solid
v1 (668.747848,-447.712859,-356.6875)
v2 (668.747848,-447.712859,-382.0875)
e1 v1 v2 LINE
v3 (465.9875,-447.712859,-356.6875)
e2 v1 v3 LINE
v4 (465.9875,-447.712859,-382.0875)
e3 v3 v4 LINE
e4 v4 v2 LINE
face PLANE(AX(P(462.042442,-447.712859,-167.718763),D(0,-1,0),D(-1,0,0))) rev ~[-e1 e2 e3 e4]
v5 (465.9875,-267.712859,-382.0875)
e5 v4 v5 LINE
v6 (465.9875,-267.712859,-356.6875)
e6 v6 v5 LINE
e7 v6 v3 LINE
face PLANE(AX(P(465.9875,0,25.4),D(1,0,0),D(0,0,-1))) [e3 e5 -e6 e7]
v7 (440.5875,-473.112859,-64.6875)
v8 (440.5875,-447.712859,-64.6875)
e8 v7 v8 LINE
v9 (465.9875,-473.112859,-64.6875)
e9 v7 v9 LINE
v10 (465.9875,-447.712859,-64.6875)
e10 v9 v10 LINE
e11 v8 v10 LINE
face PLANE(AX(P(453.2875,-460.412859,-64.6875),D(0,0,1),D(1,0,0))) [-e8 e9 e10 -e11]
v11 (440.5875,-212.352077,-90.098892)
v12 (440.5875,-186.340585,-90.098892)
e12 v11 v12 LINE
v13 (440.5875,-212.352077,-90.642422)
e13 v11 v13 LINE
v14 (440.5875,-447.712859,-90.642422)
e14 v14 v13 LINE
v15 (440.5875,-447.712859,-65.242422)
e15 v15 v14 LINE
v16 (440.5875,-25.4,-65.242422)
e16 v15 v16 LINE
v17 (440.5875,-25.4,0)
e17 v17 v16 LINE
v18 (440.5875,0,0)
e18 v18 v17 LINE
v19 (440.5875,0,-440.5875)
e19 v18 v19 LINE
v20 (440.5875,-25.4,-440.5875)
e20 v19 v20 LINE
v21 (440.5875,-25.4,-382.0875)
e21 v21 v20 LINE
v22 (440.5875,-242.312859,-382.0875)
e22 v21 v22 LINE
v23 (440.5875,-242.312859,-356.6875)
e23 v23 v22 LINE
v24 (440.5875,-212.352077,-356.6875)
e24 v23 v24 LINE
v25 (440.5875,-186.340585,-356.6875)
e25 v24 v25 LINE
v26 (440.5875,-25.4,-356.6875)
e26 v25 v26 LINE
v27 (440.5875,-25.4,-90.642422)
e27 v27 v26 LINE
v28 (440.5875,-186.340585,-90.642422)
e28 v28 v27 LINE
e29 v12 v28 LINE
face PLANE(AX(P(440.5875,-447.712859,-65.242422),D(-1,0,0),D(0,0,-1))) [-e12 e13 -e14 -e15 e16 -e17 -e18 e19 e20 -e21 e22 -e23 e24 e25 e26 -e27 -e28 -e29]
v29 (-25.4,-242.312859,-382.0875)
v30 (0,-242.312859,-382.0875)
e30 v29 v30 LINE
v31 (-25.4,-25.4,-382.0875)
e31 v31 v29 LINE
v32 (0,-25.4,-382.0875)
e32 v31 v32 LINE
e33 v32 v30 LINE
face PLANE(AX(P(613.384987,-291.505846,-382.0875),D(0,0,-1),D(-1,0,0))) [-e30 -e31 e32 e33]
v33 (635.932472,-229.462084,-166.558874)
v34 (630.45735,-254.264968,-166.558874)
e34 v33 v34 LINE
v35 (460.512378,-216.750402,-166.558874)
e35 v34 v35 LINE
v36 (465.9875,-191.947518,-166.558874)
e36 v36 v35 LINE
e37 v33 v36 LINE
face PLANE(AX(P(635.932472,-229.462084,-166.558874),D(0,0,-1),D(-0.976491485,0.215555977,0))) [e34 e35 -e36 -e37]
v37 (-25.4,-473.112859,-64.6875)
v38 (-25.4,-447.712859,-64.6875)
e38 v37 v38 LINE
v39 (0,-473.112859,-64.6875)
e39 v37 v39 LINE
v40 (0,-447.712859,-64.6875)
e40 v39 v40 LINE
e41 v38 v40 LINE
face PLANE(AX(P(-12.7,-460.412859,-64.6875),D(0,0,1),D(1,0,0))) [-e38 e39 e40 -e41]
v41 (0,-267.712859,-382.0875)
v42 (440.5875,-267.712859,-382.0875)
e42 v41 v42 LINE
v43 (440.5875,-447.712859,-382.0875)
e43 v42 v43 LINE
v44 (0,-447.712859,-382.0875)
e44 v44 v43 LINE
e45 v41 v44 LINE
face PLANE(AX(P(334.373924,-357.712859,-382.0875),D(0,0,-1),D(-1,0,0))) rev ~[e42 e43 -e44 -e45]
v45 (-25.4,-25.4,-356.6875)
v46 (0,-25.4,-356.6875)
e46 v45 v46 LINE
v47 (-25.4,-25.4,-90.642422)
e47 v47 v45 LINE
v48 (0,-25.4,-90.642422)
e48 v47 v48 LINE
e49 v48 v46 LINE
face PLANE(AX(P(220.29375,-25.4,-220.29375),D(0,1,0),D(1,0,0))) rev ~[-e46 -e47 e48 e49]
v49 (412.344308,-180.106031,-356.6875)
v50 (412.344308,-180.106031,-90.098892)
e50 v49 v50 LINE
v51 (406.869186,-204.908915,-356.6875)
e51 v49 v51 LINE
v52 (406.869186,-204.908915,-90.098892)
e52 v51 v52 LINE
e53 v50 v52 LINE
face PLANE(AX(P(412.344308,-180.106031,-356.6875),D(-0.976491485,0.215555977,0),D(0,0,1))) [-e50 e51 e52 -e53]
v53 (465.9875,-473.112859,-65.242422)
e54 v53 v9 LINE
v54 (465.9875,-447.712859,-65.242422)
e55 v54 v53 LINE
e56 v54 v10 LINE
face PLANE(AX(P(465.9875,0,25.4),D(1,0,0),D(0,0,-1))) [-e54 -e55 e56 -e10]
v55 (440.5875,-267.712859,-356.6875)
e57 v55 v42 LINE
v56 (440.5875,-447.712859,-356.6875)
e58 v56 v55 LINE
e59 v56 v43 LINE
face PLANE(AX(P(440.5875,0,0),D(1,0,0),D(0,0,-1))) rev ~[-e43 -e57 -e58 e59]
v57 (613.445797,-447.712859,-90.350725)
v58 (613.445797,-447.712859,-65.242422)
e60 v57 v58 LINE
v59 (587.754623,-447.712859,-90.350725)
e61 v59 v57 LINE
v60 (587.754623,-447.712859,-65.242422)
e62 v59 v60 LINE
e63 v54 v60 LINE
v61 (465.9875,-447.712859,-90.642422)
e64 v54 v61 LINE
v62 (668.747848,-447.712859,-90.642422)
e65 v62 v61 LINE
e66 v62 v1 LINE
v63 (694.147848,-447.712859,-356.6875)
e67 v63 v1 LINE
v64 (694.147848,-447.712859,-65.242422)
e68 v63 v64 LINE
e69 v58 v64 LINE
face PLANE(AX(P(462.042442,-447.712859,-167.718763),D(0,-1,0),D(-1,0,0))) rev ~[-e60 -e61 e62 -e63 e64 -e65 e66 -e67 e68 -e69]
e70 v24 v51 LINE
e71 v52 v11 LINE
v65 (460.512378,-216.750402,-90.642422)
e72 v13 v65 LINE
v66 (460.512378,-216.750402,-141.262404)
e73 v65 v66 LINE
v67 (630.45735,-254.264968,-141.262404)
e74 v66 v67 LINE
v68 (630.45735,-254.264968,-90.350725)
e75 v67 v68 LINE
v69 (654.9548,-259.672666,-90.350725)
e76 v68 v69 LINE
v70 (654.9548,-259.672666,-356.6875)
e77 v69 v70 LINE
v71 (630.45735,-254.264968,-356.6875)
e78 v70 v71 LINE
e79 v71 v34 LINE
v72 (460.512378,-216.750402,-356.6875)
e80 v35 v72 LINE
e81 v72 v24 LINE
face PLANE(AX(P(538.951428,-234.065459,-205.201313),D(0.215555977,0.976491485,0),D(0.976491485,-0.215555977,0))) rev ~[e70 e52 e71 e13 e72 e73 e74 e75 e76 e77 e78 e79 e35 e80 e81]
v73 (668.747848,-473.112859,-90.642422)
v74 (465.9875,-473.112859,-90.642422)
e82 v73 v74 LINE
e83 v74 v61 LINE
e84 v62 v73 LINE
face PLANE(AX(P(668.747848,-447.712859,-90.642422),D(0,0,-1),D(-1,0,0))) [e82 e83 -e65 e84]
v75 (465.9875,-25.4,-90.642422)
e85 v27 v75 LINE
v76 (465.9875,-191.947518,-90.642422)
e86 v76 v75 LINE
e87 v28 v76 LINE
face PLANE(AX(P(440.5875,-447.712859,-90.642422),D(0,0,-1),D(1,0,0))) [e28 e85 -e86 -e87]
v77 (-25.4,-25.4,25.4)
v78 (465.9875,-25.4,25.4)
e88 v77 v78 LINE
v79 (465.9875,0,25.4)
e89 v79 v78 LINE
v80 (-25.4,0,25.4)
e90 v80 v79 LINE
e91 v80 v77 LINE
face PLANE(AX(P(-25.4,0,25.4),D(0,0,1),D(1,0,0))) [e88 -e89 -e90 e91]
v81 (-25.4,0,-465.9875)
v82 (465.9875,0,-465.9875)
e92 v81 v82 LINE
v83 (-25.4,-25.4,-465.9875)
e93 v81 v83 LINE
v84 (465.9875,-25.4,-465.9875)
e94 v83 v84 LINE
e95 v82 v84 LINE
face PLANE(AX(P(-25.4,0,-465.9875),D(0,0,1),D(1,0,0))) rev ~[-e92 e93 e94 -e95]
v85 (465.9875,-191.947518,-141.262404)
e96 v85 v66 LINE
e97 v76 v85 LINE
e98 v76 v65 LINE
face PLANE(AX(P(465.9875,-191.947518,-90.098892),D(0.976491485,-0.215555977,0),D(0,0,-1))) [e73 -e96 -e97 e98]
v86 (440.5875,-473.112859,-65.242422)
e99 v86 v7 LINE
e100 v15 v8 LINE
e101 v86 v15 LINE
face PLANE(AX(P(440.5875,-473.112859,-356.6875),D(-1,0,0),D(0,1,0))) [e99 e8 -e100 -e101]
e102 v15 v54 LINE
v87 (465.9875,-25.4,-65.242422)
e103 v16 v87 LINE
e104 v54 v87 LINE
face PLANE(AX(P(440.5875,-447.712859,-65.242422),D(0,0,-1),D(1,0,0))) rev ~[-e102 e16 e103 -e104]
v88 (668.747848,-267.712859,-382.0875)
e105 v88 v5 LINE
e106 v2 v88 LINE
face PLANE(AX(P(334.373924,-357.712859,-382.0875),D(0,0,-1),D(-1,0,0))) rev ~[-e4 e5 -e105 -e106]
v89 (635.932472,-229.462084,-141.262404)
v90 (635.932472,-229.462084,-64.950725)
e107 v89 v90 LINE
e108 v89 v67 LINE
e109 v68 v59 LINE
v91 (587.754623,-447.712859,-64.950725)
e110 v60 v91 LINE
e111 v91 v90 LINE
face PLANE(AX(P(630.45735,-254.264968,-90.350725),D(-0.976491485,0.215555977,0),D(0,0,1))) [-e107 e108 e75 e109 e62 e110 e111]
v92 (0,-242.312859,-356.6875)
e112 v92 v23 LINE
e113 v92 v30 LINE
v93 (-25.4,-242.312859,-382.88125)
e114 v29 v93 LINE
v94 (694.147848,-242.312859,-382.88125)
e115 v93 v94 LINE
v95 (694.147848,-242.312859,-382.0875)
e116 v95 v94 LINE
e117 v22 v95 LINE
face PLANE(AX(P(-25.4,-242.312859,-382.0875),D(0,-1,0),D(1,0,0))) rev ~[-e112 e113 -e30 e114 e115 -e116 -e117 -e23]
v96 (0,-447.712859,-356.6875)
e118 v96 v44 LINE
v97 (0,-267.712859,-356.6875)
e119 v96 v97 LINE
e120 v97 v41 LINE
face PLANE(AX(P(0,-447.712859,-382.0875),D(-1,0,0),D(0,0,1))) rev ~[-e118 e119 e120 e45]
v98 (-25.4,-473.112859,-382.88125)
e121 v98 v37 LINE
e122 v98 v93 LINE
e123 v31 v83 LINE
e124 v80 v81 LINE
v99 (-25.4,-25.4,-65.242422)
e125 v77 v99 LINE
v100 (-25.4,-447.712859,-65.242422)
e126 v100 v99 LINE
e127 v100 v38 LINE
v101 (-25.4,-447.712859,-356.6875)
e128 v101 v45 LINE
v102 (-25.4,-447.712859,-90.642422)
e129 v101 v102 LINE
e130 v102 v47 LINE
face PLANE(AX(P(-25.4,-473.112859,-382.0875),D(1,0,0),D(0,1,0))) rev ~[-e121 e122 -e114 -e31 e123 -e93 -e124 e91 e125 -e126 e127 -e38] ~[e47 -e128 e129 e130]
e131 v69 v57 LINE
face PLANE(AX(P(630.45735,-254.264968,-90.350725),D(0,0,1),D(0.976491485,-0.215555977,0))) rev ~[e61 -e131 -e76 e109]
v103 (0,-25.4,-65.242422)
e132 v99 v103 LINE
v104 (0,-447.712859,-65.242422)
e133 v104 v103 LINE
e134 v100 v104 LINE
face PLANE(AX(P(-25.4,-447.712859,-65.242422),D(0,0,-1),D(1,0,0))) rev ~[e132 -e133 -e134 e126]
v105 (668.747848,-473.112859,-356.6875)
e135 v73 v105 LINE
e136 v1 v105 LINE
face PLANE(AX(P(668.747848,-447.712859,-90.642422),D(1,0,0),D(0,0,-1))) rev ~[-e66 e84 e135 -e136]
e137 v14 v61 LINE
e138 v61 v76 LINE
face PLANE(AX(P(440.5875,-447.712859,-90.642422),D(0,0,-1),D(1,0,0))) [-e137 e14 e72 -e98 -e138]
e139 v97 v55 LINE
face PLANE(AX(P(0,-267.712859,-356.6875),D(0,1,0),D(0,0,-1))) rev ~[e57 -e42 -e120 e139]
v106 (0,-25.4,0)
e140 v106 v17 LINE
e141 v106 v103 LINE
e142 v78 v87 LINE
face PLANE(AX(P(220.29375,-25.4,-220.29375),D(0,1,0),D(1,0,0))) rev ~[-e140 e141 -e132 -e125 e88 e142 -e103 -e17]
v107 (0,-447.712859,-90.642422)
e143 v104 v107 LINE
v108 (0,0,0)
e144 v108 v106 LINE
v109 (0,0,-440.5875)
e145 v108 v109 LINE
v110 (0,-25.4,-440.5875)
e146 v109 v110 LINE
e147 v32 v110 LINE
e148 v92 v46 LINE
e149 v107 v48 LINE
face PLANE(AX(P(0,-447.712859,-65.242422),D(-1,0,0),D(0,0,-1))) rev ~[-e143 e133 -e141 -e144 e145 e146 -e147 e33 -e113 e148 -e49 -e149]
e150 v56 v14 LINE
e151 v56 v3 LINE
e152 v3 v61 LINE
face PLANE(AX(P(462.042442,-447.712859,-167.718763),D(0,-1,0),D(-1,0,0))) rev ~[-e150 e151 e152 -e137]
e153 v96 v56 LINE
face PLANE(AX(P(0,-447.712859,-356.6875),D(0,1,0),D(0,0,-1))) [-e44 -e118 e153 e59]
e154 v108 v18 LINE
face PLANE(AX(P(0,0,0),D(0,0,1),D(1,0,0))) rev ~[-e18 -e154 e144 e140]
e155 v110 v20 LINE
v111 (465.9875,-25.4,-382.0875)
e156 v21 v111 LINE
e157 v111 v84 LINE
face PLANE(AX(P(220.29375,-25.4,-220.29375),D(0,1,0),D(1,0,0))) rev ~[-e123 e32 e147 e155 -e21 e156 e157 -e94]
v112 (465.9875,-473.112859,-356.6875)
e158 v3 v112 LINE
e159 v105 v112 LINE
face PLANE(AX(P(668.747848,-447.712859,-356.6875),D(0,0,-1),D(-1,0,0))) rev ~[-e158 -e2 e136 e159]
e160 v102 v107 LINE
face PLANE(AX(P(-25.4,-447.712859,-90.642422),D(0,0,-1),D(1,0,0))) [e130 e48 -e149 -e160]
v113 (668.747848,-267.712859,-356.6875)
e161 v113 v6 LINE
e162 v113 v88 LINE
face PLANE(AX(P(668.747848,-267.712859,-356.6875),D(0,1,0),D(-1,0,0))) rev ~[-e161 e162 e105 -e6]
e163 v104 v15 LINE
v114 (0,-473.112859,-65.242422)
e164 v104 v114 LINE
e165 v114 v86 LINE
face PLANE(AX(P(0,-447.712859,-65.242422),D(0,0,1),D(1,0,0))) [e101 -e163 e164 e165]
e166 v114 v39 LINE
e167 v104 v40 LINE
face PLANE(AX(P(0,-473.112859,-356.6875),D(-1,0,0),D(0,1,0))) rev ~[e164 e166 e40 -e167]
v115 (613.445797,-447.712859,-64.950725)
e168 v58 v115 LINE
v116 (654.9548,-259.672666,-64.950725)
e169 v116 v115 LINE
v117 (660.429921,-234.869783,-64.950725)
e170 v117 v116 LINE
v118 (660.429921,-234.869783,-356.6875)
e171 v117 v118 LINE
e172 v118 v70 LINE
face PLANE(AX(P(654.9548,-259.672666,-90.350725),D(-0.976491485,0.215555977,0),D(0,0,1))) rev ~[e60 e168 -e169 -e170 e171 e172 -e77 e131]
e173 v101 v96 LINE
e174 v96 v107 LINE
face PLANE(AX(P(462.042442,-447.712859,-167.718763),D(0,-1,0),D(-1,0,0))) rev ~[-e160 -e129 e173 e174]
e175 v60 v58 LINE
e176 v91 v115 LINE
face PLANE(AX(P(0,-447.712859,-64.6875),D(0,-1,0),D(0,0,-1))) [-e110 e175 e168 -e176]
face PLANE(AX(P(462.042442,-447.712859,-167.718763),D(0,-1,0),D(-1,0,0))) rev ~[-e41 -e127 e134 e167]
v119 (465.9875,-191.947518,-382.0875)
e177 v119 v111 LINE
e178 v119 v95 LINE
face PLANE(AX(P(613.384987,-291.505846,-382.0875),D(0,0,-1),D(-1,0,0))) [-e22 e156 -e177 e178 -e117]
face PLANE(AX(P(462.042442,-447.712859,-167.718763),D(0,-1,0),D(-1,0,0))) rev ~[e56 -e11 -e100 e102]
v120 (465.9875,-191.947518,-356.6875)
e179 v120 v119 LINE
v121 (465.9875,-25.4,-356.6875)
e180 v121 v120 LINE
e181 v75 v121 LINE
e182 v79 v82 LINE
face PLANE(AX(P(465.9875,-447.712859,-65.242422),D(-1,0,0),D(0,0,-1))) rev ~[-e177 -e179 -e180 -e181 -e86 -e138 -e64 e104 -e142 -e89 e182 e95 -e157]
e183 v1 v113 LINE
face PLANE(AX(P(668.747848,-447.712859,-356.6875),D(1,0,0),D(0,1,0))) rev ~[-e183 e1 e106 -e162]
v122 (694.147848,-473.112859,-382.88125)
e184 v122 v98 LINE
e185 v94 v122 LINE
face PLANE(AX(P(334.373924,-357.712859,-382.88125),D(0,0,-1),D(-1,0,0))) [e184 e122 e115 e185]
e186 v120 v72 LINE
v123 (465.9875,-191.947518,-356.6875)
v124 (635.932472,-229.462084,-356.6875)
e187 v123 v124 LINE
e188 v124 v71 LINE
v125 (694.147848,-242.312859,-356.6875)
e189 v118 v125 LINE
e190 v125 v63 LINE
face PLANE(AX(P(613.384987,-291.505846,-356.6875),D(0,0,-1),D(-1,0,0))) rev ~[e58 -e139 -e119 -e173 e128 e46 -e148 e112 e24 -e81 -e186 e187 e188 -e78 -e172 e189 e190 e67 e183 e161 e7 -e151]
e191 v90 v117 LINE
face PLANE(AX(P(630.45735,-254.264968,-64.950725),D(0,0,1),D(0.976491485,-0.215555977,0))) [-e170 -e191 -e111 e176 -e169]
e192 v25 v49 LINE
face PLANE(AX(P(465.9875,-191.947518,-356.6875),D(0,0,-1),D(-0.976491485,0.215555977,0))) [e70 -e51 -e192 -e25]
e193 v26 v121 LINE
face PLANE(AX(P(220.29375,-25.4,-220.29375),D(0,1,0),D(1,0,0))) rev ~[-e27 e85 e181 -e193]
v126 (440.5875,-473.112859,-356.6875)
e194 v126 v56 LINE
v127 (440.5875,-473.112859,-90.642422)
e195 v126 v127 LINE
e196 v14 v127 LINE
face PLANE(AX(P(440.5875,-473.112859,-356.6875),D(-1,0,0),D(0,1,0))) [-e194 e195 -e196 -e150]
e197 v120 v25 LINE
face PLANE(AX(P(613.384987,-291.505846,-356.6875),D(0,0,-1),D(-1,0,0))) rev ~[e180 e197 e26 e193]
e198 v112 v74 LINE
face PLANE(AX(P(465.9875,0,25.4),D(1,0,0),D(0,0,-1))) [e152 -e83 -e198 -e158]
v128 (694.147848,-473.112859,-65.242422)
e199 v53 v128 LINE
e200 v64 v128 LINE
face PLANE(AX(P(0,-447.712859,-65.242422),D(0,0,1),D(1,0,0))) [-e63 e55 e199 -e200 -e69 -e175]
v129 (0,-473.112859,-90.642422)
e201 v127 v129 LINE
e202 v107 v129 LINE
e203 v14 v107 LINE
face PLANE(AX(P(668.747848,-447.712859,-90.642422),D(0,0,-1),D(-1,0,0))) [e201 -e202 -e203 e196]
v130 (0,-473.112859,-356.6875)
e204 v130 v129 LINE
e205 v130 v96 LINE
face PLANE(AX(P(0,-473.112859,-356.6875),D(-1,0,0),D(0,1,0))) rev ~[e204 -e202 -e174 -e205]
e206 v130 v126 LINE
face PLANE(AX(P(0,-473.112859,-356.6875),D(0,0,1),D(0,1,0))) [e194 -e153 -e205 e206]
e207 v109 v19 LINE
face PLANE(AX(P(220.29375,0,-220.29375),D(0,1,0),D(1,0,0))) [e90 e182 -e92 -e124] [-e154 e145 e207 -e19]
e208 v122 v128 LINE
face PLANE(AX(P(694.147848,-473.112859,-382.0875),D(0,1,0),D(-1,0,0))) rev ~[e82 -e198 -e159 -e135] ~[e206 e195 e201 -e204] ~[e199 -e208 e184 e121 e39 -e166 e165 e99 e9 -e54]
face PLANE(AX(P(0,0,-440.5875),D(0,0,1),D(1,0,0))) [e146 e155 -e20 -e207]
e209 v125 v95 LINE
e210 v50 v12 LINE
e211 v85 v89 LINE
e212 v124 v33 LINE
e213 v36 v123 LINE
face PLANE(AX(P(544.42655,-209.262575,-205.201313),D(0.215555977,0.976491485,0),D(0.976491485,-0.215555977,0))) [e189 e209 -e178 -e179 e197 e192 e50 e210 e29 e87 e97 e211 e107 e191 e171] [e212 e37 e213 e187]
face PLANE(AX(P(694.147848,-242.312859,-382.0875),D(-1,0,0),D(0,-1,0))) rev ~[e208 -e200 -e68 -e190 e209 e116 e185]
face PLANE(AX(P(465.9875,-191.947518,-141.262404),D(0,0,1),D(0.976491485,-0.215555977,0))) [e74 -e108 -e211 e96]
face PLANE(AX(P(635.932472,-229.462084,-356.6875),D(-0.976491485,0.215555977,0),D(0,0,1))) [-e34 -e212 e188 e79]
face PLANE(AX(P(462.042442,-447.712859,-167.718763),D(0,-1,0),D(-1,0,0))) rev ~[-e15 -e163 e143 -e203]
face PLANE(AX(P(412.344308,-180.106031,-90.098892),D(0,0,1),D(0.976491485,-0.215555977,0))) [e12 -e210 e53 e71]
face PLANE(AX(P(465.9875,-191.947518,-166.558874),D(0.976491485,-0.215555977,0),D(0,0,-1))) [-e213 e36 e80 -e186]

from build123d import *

# Parameters (mm, degrees)
CROQUIS1_W               = 491.3875
CROQUIS1_H               = 491.3875
CROQUIS1_W_2             = 440.5875
CROQUIS1_H_2             = 440.5875
SALIENTE_EXTRUIR1_DEPTH  = 25.4
CROQUIS2_W               = 25.4
CROQUIS2_H               = 25.4
SALIENTE_EXTRUIR2_DEPTH  = 422.312858808
CROQUIS3_W               = 25.4
CROQUIS3_H               = 25.4
SALIENTE_EXTRUIR3_DEPTH  = 25.4
SALIENTE_EXTRUIR4_REACH  = 813.249
CROQUIS4_W               = 25.4
CROQUIS4_H               = 25.4
CROQUIS5_W               = 25.4
CROQUIS5_H               = 25.4
SALIENTE_EXTRUIR5_DEPTH  = 292
SALIENTE_EXTRUIR7_REACH  = 813.249
CROQUIS7_W               = 25.4
CROQUIS7_H               = 25.4
SALIENTE_EXTRUIR9_DEPTH  = 25.4
SALIENTE_EXTRUIR10_DEPTH = 25.4
SALIENTE_EXTRUIR11_REACH = 950.384
CROQUIS11_W              = 25.4
CROQUIS11_H              = 25.4
SALIENTE_EXTRUIR12_DEPTH = 25.4
SALIENTE_EXTRUIR13_REACH = 932.183
CROQUIS13_W              = 25.087212933
CROQUIS13_H              = 25.4
SALIENTE_EXTRUIR8_DEPTH  = 0.79375


with BuildPart() as part:
    # Croquis1 → Saliente-Extruir1 (new body)
    with BuildSketch(Plane(origin=(0, 0, 0), x_dir=(1, 0, 0), z_dir=(0, 1, 0))):
        with Locations((220.29375, 220.29375)):
            Rectangle(CROQUIS1_W, CROQUIS1_H)
        with Locations((220.29375, 220.29375)):
            Rectangle(CROQUIS1_W_2, CROQUIS1_H_2, mode=Mode.SUBTRACT)
    extrude(amount=-SALIENTE_EXTRUIR1_DEPTH)

    # Croquis2 → Saliente-Extruir2 (add)
    with BuildSketch(Plane.XZ.offset(25.4)):
        with Locations((453.2875, -369.3875)):
            Rectangle(CROQUIS2_W, CROQUIS2_H)
        with Locations((-12.7, -369.3875)):
            Rectangle(CROQUIS2_W, CROQUIS2_H)
    extrude(amount=SALIENTE_EXTRUIR2_DEPTH)

    # Croquis3 → Saliente-Extruir3 (add)
    with BuildSketch(Plane.XZ.offset(447.712858808)):
        with Locations((-12.7, -369.3875)):
            Rectangle(CROQUIS3_W, CROQUIS3_H)
        with Locations((453.2875, -369.3875)):
            Rectangle(CROQUIS3_W, CROQUIS3_H)
    extrude(amount=SALIENTE_EXTRUIR3_DEPTH)

    # Croquis4 → Saliente-Extruir4 (add, up to next)
    with BuildSketch(Plane(origin=(0, 0, 0), x_dir=(0, 0, -1), z_dir=(1, 0, 0)), mode=Mode.PRIVATE) as saliente_extruir4_sk1:
        with Locations((369.3875, -460.412858808)):
            Rectangle(CROQUIS4_W, CROQUIS4_H)
    saliente_extruir4_tool1 = extrude(saliente_extruir4_sk1.sketch, amount=SALIENTE_EXTRUIR4_REACH, mode=Mode.PRIVATE) - part.part
    add(saliente_extruir4_tool1.solids().sort_by_distance((0, -460.412859, -369.3875))[0])

    # Croquis5 → Saliente-Extruir5 (add)
    with BuildSketch(Plane.XY.offset(-356.6875)):
        with Locations((-12.7, -460.412858808)):
            Rectangle(CROQUIS5_W, CROQUIS5_H)
        with Locations((453.2875, -460.412858808)):
            Rectangle(CROQUIS5_W, CROQUIS5_H)
    extrude(amount=SALIENTE_EXTRUIR5_DEPTH)

    # Croquis7 → Saliente-Extruir7 (add, up to next)
    with BuildSketch(Plane(origin=(0, 0, 0), x_dir=(0, 0, -1), z_dir=(1, 0, 0)), mode=Mode.PRIVATE) as saliente_extruir7_sk1:
        with Locations((369.3875, -255.012858808)):
            Rectangle(CROQUIS7_W, CROQUIS7_H)
    saliente_extruir7_tool1 = extrude(saliente_extruir7_sk1.sketch, amount=SALIENTE_EXTRUIR7_REACH, mode=Mode.PRIVATE) - part.part
    add(saliente_extruir7_tool1.solids().sort_by_distance((0, -255.012859, -369.3875))[0])

    # Croquis9 → Saliente-Extruir9 (add)
    with BuildSketch(Plane(origin=(0, -447.712858808, 0), x_dir=(1, 0, 0), z_dir=(0, 1, 0))):
        Polygon((465.9875, 382.0875), (694.147848124, 382.0875), (694.147848124, 65.242422269), (465.9875, 65.242422269), (0, 65.242422269), (0, 90.642422269), (465.9875, 90.642422269), (668.747848124, 90.642422269), (668.747848124, 356.6875), (465.9875, 356.6875), align=None)
    extrude(amount=-SALIENTE_EXTRUIR9_DEPTH)

    # Croquis10 → Saliente-Extruir10 (add)
    with BuildSketch(Plane.XY.offset(-356.6875)):
        Polygon((668.747848124, -447.712858808), (668.747848124, -267.712858808), (465.9875, -267.712858808), (465.9875, -191.947517804), (694.147848124, -242.312858808), (694.147848124, -447.712858808), align=None)
    extrude(amount=-SALIENTE_EXTRUIR10_DEPTH)

    # Croquis11 → Saliente-Extruir11 (add, up to next)
    with BuildSketch(Plane(origin=(0, -447.712858808, 0), x_dir=(1, 0, 0), z_dir=(0, 1, 0)), mode=Mode.PRIVATE) as saliente_extruir11_sk1:
        with Locations((-12.7, 77.942422269)):
            Rectangle(CROQUIS11_W, CROQUIS11_H)
    saliente_extruir11_tool1 = extrude(saliente_extruir11_sk1.sketch, amount=SALIENTE_EXTRUIR11_REACH, mode=Mode.PRIVATE) - part.part
    # Croquis11 → Saliente-Extruir11 (add, up to next)
    with BuildSketch(Plane(origin=(0, -447.712858808, 0), x_dir=(1, 0, 0), z_dir=(0, 1, 0)), mode=Mode.PRIVATE) as saliente_extruir11_sk2:
        with Locations((453.2875, 77.942422269)):
            Rectangle(CROQUIS11_W, CROQUIS11_H)
    saliente_extruir11_tool2 = extrude(saliente_extruir11_sk2.sketch, amount=SALIENTE_EXTRUIR11_REACH, mode=Mode.PRIVATE) - part.part
    add(saliente_extruir11_tool1.solids().sort_by_distance((-12.7, -447.712859, -77.942422))[0])
    add(saliente_extruir11_tool2.solids().sort_by_distance((453.2875, -447.712859, -77.942422))[0])

    # Croquis12 → Saliente-Extruir12 (add)
    with BuildSketch(Plane(origin=(-18.750939814, -84.943750412, 0), x_dir=(0.9764914853588178, -0.21555597653911102, 0), z_dir=(0.21555597653911102, 0.9764914853588178, 0))):
        Polygon((670.444567301, 356.6875), (670.444567301, 166.558874098), (496.408260678, 166.558874098), (496.408260678, 356.6875), (441.473637421, 356.6875), (441.473637421, 90.098891747), (496.408260678, 90.098891747), (496.408260678, 141.262403959), (670.444567301, 141.262403959), (670.444567301, 64.950724727), (695.531780234, 64.950724727), (695.531780234, 356.6875), align=None)
    extrude(amount=-SALIENTE_EXTRUIR12_DEPTH)

    # Saliente-Extruir13: up to this plane
    saliente_extruir13_end = Plane(origin=(0, -447.712858808, -64.6875), z_dir=(0, -1, 0))
    # Croquis13 → Saliente-Extruir13 (add, up to the surface)
    with BuildSketch(Plane(origin=(-24.226061618, -109.74663414, 0), x_dir=(0.9764914853588177, -0.21555597653911182, 0), z_dir=(-0.21555597653911182, -0.9764914853588177, 0)), mode=Mode.PRIVATE) as saliente_extruir13_sk1:
        with Locations((682.988173768, -77.650724727)):
            Rectangle(CROQUIS13_W, CROQUIS13_H)
    saliente_extruir13_tool1 = split(extrude(saliente_extruir13_sk1.sketch, amount=SALIENTE_EXTRUIR13_REACH, mode=Mode.PRIVATE), bisect_by=saliente_extruir13_end, keep=Keep.BOTH, mode=Mode.PRIVATE)
    add(saliente_extruir13_tool1.solids().sort_by_distance((642.706075, -256.968817, -77.650725))[0])

    # Croquis8 → Saliente-Extruir8 (add)
    with BuildSketch(Plane(origin=(0, 0, -382.0875), x_dir=(-1, 0, 0), z_dir=(0, 0, -1))):
        Polygon((-465.9875, -473.112858808), (25.4, -473.112858808), (25.4, -242.312858808), (-465.9875, -242.312858808), (-694.147848124, -242.312858808), (-694.147848124, -473.112858808), align=None)
    extrude(amount=SALIENTE_EXTRUIR8_DEPTH)


solid = part.part
